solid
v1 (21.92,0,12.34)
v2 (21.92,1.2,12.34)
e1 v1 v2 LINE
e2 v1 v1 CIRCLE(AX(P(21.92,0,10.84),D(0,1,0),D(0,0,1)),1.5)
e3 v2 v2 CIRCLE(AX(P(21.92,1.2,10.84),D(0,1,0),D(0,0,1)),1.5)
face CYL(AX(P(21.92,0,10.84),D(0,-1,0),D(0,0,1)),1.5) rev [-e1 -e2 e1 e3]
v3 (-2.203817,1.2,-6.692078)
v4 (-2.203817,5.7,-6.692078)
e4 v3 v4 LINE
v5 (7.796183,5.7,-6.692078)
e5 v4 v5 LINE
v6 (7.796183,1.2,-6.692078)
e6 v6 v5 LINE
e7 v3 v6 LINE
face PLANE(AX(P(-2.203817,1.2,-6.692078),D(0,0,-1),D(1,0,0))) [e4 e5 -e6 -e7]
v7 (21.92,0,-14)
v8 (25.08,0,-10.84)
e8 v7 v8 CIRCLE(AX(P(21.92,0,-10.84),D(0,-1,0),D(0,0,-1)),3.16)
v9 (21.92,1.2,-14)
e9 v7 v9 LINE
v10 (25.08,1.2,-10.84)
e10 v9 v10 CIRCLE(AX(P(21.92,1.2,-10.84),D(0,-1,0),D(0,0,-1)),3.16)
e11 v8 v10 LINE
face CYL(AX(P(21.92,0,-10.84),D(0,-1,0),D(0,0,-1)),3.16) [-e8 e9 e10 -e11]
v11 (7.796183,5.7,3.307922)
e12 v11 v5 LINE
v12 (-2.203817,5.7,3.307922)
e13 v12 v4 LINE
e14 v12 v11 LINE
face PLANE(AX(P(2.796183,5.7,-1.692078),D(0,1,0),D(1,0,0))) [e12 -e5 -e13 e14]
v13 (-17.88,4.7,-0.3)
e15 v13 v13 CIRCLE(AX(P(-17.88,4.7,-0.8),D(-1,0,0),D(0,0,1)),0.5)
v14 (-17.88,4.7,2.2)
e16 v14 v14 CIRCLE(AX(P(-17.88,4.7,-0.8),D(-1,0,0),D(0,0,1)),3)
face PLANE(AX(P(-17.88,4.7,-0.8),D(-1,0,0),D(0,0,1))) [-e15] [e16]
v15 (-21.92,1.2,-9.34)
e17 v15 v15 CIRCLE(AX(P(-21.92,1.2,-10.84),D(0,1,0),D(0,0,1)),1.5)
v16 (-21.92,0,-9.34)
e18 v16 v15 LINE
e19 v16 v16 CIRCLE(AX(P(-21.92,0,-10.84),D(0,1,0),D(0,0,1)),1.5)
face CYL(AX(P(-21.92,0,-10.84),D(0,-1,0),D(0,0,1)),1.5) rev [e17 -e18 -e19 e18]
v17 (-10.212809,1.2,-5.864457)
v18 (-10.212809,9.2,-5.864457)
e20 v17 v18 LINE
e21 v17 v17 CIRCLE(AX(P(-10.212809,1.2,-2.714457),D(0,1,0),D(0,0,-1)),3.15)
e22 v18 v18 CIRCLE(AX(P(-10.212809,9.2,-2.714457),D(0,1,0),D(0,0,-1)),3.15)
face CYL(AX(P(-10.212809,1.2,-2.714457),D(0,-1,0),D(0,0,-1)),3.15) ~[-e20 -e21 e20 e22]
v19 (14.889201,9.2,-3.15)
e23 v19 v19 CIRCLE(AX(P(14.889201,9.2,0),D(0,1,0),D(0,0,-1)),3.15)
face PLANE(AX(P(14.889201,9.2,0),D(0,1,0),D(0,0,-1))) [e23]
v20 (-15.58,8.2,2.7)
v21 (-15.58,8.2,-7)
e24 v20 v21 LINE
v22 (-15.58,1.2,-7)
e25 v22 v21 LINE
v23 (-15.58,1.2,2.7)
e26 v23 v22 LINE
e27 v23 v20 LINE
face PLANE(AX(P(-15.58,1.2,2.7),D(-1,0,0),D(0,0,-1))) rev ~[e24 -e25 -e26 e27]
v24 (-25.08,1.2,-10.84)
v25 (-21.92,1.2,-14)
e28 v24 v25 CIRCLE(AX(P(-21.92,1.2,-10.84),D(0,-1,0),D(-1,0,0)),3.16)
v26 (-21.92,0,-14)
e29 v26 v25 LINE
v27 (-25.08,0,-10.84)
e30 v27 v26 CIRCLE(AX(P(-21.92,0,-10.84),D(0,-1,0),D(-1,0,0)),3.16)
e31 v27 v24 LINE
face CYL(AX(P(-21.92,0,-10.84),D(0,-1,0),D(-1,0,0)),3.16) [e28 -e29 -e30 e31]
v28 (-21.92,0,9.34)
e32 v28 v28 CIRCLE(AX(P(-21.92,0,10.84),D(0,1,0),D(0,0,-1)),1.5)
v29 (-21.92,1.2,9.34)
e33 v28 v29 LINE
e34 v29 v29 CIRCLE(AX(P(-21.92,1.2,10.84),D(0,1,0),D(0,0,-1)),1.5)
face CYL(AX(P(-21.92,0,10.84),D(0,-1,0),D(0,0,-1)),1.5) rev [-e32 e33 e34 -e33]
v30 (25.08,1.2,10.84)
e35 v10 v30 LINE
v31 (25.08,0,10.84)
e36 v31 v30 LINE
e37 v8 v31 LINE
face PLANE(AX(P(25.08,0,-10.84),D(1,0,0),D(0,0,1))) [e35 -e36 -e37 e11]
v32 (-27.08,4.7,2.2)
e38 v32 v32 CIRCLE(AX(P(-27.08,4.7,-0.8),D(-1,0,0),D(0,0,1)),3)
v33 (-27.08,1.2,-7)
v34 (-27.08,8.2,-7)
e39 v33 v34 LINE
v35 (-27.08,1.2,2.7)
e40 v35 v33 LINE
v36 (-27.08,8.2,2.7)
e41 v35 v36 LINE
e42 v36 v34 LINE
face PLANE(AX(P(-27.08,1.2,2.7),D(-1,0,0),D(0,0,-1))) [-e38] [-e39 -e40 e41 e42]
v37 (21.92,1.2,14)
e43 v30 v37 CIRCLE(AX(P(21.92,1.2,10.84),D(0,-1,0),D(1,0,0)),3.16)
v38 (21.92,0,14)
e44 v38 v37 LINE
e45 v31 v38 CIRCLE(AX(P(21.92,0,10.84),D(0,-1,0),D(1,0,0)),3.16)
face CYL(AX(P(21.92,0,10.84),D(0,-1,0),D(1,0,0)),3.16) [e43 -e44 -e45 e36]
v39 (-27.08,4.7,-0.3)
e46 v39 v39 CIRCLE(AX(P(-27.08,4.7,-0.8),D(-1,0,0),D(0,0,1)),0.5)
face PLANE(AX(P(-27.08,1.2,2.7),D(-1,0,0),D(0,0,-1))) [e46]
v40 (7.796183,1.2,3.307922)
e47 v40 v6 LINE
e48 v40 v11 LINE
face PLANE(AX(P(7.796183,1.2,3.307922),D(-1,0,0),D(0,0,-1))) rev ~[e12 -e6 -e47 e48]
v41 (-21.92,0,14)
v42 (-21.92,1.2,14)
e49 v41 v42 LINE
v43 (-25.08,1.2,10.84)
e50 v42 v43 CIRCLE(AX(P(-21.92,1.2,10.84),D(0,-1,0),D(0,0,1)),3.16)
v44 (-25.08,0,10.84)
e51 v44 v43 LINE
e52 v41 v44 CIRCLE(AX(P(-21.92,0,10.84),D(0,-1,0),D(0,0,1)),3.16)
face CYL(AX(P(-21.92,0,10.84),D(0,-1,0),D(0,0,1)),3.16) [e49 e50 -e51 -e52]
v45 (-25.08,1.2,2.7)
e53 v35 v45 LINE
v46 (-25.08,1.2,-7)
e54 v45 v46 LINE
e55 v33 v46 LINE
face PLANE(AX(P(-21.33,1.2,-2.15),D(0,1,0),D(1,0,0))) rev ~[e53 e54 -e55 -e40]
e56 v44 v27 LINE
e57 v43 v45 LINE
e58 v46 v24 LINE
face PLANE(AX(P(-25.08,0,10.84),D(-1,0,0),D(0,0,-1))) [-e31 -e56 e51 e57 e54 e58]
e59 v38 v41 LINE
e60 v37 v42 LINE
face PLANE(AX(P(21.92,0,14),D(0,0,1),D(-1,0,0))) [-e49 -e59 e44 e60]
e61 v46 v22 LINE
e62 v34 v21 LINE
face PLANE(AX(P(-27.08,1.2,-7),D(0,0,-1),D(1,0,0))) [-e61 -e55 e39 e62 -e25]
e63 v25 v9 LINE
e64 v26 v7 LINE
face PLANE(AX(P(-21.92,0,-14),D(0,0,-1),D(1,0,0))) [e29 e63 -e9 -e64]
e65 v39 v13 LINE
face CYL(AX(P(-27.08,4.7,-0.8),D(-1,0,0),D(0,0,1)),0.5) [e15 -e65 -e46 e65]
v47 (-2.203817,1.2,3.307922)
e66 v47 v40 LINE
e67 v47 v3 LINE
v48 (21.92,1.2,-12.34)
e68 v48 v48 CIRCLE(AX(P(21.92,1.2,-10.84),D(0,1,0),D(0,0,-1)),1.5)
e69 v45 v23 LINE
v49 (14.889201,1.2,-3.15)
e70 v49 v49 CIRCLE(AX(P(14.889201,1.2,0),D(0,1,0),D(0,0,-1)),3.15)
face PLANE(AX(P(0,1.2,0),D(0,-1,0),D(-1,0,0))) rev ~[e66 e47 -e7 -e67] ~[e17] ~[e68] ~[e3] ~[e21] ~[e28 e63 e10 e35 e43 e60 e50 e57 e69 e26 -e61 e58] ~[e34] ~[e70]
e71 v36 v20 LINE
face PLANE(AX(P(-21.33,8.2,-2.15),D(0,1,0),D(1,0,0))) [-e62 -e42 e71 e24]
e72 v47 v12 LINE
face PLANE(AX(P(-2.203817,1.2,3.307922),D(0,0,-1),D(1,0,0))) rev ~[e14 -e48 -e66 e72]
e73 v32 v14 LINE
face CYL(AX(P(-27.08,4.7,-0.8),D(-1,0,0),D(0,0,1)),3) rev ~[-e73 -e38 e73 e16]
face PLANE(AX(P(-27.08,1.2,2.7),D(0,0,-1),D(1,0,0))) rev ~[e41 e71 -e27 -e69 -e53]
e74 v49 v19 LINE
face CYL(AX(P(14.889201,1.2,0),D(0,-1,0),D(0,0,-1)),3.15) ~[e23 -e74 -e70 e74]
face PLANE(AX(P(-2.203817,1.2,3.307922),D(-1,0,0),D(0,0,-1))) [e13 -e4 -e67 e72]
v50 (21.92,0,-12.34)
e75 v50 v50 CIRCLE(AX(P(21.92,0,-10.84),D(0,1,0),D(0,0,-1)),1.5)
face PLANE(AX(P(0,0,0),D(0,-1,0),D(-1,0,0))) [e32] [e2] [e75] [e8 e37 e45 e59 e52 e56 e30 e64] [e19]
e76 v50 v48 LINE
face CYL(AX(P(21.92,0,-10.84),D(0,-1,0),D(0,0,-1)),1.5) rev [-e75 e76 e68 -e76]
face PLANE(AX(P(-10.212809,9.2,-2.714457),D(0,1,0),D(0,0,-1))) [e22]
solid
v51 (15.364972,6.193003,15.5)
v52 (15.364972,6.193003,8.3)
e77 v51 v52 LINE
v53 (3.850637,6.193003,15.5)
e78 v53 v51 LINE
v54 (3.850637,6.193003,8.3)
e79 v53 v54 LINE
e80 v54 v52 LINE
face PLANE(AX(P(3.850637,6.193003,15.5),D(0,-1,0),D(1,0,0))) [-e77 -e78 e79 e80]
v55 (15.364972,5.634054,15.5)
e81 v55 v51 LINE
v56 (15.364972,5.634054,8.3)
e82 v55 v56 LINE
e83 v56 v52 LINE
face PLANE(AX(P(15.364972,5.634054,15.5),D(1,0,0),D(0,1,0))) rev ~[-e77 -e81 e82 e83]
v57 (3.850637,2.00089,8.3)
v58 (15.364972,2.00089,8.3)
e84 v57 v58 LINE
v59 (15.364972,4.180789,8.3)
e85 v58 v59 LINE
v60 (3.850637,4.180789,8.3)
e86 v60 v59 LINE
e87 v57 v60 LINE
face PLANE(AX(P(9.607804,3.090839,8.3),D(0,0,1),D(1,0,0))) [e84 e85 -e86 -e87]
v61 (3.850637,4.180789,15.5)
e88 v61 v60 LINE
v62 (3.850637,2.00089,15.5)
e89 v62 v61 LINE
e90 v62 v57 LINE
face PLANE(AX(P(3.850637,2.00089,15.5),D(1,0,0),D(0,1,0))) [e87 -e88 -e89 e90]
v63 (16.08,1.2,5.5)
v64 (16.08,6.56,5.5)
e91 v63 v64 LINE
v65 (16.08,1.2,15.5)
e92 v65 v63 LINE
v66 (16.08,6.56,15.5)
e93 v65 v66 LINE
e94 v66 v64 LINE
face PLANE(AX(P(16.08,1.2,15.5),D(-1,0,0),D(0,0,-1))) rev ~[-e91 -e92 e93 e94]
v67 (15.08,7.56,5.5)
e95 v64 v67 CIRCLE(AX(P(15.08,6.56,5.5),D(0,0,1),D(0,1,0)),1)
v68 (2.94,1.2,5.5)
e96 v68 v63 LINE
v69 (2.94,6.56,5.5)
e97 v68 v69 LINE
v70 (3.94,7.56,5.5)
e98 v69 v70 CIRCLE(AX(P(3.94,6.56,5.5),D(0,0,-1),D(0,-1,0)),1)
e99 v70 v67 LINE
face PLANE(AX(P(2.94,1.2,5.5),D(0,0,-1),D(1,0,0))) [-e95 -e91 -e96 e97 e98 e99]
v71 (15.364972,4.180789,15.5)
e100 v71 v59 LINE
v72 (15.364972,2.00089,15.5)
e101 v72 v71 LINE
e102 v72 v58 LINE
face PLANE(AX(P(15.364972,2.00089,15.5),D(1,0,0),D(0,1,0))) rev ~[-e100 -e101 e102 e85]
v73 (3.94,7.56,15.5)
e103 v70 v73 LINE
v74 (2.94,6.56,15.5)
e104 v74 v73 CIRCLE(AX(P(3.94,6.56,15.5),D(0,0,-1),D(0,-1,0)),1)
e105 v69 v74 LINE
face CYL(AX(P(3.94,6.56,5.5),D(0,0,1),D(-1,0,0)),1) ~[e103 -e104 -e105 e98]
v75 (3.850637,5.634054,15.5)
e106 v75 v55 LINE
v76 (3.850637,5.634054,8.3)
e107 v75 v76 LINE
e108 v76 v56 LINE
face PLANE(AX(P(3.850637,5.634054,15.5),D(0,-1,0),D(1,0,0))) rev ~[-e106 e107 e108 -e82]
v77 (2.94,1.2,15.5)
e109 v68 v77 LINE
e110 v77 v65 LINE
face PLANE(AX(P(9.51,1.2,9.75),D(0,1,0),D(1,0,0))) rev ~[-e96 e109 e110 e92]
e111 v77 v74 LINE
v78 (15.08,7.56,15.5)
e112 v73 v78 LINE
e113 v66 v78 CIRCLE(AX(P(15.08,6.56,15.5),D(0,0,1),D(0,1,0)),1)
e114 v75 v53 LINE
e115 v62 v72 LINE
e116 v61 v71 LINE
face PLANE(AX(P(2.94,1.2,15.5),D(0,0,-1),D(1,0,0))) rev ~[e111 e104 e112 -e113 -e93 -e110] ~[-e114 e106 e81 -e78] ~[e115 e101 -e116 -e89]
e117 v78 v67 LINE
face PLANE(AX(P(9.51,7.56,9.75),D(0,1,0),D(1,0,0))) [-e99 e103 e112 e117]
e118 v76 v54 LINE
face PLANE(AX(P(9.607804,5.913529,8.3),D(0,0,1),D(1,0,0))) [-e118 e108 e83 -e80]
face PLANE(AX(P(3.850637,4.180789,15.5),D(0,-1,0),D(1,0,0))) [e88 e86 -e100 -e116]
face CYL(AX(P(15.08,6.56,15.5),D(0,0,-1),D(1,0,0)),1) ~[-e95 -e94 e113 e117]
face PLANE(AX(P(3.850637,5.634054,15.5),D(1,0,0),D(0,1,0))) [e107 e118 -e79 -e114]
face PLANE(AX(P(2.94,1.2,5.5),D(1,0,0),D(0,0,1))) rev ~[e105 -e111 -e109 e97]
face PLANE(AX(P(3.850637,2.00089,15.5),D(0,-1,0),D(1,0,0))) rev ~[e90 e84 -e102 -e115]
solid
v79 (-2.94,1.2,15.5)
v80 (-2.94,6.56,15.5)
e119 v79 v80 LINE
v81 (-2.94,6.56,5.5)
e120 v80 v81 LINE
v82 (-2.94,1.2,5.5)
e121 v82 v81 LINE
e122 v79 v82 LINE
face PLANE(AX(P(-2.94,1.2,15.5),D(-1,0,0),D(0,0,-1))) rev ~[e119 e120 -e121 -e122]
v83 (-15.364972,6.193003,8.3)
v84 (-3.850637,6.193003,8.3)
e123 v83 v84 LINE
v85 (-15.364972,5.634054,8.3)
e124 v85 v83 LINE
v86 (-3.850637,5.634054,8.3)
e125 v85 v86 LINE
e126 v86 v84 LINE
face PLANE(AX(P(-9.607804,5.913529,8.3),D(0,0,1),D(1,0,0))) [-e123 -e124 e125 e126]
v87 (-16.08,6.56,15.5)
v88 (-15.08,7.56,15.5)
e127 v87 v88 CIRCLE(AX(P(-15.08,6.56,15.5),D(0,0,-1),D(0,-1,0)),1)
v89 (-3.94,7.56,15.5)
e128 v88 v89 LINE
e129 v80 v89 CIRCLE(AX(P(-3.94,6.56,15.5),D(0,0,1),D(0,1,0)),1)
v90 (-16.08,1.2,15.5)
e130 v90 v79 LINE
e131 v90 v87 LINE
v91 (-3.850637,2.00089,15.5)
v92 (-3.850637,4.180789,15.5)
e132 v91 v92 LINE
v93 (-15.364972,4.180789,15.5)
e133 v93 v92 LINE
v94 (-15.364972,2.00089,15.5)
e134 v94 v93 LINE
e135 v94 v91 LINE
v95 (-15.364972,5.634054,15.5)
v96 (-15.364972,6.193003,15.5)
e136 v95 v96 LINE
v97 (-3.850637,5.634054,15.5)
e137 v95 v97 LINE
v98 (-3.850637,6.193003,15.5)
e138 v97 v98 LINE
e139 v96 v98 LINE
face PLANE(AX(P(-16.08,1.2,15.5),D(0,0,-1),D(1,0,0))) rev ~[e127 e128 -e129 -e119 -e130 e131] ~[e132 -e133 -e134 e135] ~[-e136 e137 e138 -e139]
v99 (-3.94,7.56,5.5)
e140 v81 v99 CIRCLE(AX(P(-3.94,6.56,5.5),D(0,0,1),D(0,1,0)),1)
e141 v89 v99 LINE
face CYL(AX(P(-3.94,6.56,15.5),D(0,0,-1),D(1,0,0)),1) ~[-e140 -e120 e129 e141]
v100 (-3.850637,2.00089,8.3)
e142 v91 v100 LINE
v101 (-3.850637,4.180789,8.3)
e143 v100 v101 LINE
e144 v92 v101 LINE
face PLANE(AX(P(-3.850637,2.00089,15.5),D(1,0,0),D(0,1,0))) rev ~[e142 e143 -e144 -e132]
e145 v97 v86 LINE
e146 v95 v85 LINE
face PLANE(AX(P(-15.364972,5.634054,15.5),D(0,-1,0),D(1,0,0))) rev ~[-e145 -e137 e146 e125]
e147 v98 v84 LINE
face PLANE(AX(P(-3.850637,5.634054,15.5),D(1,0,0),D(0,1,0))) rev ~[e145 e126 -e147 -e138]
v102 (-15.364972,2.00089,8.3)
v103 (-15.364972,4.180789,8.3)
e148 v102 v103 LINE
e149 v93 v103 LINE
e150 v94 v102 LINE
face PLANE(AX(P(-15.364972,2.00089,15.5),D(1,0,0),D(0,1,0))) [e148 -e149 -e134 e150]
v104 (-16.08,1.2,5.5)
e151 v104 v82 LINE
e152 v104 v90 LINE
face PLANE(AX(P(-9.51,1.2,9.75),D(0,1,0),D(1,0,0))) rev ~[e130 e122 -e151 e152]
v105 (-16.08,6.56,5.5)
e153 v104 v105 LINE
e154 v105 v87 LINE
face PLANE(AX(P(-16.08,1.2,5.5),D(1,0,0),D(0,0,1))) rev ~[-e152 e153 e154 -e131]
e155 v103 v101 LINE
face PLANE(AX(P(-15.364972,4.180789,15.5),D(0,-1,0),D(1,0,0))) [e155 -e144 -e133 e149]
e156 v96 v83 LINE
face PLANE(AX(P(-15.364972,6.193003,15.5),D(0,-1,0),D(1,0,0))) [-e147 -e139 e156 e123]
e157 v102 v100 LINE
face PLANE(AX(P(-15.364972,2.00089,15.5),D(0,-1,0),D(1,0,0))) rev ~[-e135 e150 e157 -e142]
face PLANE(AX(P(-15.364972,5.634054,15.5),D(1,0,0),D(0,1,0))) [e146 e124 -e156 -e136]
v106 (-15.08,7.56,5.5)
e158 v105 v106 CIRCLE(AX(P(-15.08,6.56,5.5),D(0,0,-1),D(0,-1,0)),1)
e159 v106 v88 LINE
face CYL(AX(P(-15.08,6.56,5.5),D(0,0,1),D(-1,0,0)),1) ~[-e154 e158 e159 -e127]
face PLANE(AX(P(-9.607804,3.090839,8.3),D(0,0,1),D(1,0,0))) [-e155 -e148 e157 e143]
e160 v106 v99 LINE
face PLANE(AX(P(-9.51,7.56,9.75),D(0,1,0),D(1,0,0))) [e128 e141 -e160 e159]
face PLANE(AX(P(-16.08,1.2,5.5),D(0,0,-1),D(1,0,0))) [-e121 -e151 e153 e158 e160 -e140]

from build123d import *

# Parameters (mm, degrees)
SKETCH_1_R          = 1.5
EXTRUDE_1_DEPTH     = 1.2
SKETCH_2_W          = 13.14
SKETCH_2_H          = 10
EXTRUDE_3_DEPTH     = 6.36
EXTRUDE_3_2_DEPTH   = 6.36
SKETCH_2_4_W        = 11.5
SKETCH_2_4_H        = 9.7
EXTRUDE_4_DEPTH     = 7
SKETCH_2_5_R        = 3.15
EXTRUDE_5_DEPTH     = 8
SKETCH_2_6_W        = 10
SKETCH_2_6_H        = 10
EXTRUDE_6_DEPTH     = 4.5
SKETCH_3_R          = 3
SKETCH_3_R_2        = 0.5
CUT_EXTRUDE_2_DEPTH = 9.2
FILLET_1_R          = 1
FILLET_2_R          = 1
SKETCH_4_W          = 11.514335883
SKETCH_4_H          = 2.179898541
SKETCH_4_H_2        = 0.558948344
CUT_EXTRUDE_3_DEPTH = 7.2


with BuildPart() as part:
    # 草图1 → 凸台-拉伸1 (new body)
    with BuildSketch(Plane(origin=(0, 0, 0), x_dir=(1, 0, 0), z_dir=(0, 1, 0))):
        with BuildLine():
            Line((-21.92, 14), (21.92, 14))
            ThreePointArc((21.92, 14), (24.154457429, 13.074457429), (25.08, 10.84))
            Line((25.08, 10.84), (25.08, -10.84))
            ThreePointArc((25.08, -10.84), (24.154457429, -13.074457429), (21.92, -14))
            Line((21.92, -14), (-21.92, -14))
            ThreePointArc((-21.92, -14), (-24.154457429, -13.074457429), (-25.08, -10.84))
            Line((-25.08, -10.84), (-25.08, 10.84))
            ThreePointArc((-25.08, 10.84), (-24.154457429, 13.074457429), (-21.92, 14))
        make_face()
        with Locations((-21.92, 10.84)):
            Circle(SKETCH_1_R, mode=Mode.SUBTRACT)
        with Locations((21.92, 10.84)):
            Circle(SKETCH_1_R, mode=Mode.SUBTRACT)
        with Locations((21.92, -10.84)):
            Circle(SKETCH_1_R, mode=Mode.SUBTRACT)
        with Locations((-21.92, -10.84)):
            Circle(SKETCH_1_R, mode=Mode.SUBTRACT)
    extrude(amount=EXTRUDE_1_DEPTH)

    # 草图2<4> → 凸台-拉伸4 (add)
    with BuildSketch(Plane(origin=(0, 1.2, 0), x_dir=(1, 0, 0), z_dir=(0, 1, 0))):
        with Locations((-21.33, 2.15)):
            Rectangle(SKETCH_2_4_W, SKETCH_2_4_H)
    extrude(amount=EXTRUDE_4_DEPTH)

    # 草图2<5> → 凸台-拉伸5 (add)
    with BuildSketch(Plane(origin=(0, 1.2, 0), x_dir=(1, 0, 0), z_dir=(0, 1, 0))):
        with Locations((-10.212809233, 2.714457191)):
            Circle(SKETCH_2_5_R)
        with Locations((14.889200829, 0)):
            Circle(SKETCH_2_5_R)
    extrude(amount=EXTRUDE_5_DEPTH)

    # 草图2<6> → 凸台-拉伸6 (add)
    with BuildSketch(Plane(origin=(0, 1.2, 0), x_dir=(1, 0, 0), z_dir=(0, 1, 0))):
        with Locations((2.796183271, 1.692077629)):
            Rectangle(SKETCH_2_6_W, SKETCH_2_6_H)
    extrude(amount=EXTRUDE_6_DEPTH)

    # 草图3 → 切除-拉伸2 (cut)
    with BuildSketch(Plane.ZY.offset(27.08)):
        with Locations((-0.8, 4.7)):
            Circle(SKETCH_3_R)
        with Locations((-0.8, 4.7)):
            Circle(SKETCH_3_R_2, mode=Mode.SUBTRACT)
    extrude(amount=-CUT_EXTRUDE_2_DEPTH, mode=Mode.SUBTRACT)


with BuildPart() as body_2:
    # 草图2 → 凸台-拉伸3 (new body)
    with BuildSketch(Plane(origin=(0, 1.2, 0), x_dir=(1, 0, 0), z_dir=(0, 1, 0))):
        with Locations((-9.51, -10.5)):
            Rectangle(SKETCH_2_W, SKETCH_2_H)
    extrude(amount=EXTRUDE_3_DEPTH)

    # 圆角1
    fillet_1_edges = [body_2.edges().sort_by_distance(p)[0] for p in [
        (-2.94, 7.56, 10.5),
        (-16.08, 7.56, 10.5),
    ]]
    fillet(fillet_1_edges, radius=FILLET_1_R)


with BuildPart() as body_3:
    # 草图2 → Extrude 3 2 (new body)
    with BuildSketch(Plane(origin=(0, 1.2, 0), x_dir=(1, 0, 0), z_dir=(0, 1, 0))):
        with Locations((9.51, -10.5)):
            Rectangle(SKETCH_2_W, SKETCH_2_H)
    extrude(amount=EXTRUDE_3_2_DEPTH)

    # 圆角2
    fillet_2_edges = [body_3.edges().sort_by_distance(p)[0] for p in [
        (16.08, 7.56, 10.5),
        (2.94, 7.56, 10.5),
    ]]
    fillet(fillet_2_edges, radius=FILLET_2_R)


with BuildPart() as cut_extrude_3_tool:
    # 草图4 → 切除-拉伸3 (new body)
    with BuildSketch(Plane.XY.offset(15.5)):
        with Locations((-9.607804494, 3.090839471)):
            Rectangle(SKETCH_4_W, SKETCH_4_H)
        with Locations((-9.607804494, 5.913528608)):
            Rectangle(SKETCH_4_W, SKETCH_4_H_2)
        with Locations((9.607804494, 5.913528608)):
            Rectangle(SKETCH_4_W, SKETCH_4_H_2)
        with Locations((9.607804494, 3.090839471)):
            Rectangle(SKETCH_4_W, SKETCH_4_H)
    extrude(amount=-CUT_EXTRUDE_3_DEPTH)


with BuildPart() as body_2_1:
    add(body_2.part)

    # 切除-拉伸3: cut by cut_extrude_3_tool
    add(cut_extrude_3_tool.part, mode=Mode.SUBTRACT)


with BuildPart() as body_3_1:
    add(body_3.part)

    # 切除-拉伸3: cut by cut_extrude_3_tool
    add(cut_extrude_3_tool.part, mode=Mode.SUBTRACT)


solid = Compound([part.part, body_2_1.part, body_3_1.part])
